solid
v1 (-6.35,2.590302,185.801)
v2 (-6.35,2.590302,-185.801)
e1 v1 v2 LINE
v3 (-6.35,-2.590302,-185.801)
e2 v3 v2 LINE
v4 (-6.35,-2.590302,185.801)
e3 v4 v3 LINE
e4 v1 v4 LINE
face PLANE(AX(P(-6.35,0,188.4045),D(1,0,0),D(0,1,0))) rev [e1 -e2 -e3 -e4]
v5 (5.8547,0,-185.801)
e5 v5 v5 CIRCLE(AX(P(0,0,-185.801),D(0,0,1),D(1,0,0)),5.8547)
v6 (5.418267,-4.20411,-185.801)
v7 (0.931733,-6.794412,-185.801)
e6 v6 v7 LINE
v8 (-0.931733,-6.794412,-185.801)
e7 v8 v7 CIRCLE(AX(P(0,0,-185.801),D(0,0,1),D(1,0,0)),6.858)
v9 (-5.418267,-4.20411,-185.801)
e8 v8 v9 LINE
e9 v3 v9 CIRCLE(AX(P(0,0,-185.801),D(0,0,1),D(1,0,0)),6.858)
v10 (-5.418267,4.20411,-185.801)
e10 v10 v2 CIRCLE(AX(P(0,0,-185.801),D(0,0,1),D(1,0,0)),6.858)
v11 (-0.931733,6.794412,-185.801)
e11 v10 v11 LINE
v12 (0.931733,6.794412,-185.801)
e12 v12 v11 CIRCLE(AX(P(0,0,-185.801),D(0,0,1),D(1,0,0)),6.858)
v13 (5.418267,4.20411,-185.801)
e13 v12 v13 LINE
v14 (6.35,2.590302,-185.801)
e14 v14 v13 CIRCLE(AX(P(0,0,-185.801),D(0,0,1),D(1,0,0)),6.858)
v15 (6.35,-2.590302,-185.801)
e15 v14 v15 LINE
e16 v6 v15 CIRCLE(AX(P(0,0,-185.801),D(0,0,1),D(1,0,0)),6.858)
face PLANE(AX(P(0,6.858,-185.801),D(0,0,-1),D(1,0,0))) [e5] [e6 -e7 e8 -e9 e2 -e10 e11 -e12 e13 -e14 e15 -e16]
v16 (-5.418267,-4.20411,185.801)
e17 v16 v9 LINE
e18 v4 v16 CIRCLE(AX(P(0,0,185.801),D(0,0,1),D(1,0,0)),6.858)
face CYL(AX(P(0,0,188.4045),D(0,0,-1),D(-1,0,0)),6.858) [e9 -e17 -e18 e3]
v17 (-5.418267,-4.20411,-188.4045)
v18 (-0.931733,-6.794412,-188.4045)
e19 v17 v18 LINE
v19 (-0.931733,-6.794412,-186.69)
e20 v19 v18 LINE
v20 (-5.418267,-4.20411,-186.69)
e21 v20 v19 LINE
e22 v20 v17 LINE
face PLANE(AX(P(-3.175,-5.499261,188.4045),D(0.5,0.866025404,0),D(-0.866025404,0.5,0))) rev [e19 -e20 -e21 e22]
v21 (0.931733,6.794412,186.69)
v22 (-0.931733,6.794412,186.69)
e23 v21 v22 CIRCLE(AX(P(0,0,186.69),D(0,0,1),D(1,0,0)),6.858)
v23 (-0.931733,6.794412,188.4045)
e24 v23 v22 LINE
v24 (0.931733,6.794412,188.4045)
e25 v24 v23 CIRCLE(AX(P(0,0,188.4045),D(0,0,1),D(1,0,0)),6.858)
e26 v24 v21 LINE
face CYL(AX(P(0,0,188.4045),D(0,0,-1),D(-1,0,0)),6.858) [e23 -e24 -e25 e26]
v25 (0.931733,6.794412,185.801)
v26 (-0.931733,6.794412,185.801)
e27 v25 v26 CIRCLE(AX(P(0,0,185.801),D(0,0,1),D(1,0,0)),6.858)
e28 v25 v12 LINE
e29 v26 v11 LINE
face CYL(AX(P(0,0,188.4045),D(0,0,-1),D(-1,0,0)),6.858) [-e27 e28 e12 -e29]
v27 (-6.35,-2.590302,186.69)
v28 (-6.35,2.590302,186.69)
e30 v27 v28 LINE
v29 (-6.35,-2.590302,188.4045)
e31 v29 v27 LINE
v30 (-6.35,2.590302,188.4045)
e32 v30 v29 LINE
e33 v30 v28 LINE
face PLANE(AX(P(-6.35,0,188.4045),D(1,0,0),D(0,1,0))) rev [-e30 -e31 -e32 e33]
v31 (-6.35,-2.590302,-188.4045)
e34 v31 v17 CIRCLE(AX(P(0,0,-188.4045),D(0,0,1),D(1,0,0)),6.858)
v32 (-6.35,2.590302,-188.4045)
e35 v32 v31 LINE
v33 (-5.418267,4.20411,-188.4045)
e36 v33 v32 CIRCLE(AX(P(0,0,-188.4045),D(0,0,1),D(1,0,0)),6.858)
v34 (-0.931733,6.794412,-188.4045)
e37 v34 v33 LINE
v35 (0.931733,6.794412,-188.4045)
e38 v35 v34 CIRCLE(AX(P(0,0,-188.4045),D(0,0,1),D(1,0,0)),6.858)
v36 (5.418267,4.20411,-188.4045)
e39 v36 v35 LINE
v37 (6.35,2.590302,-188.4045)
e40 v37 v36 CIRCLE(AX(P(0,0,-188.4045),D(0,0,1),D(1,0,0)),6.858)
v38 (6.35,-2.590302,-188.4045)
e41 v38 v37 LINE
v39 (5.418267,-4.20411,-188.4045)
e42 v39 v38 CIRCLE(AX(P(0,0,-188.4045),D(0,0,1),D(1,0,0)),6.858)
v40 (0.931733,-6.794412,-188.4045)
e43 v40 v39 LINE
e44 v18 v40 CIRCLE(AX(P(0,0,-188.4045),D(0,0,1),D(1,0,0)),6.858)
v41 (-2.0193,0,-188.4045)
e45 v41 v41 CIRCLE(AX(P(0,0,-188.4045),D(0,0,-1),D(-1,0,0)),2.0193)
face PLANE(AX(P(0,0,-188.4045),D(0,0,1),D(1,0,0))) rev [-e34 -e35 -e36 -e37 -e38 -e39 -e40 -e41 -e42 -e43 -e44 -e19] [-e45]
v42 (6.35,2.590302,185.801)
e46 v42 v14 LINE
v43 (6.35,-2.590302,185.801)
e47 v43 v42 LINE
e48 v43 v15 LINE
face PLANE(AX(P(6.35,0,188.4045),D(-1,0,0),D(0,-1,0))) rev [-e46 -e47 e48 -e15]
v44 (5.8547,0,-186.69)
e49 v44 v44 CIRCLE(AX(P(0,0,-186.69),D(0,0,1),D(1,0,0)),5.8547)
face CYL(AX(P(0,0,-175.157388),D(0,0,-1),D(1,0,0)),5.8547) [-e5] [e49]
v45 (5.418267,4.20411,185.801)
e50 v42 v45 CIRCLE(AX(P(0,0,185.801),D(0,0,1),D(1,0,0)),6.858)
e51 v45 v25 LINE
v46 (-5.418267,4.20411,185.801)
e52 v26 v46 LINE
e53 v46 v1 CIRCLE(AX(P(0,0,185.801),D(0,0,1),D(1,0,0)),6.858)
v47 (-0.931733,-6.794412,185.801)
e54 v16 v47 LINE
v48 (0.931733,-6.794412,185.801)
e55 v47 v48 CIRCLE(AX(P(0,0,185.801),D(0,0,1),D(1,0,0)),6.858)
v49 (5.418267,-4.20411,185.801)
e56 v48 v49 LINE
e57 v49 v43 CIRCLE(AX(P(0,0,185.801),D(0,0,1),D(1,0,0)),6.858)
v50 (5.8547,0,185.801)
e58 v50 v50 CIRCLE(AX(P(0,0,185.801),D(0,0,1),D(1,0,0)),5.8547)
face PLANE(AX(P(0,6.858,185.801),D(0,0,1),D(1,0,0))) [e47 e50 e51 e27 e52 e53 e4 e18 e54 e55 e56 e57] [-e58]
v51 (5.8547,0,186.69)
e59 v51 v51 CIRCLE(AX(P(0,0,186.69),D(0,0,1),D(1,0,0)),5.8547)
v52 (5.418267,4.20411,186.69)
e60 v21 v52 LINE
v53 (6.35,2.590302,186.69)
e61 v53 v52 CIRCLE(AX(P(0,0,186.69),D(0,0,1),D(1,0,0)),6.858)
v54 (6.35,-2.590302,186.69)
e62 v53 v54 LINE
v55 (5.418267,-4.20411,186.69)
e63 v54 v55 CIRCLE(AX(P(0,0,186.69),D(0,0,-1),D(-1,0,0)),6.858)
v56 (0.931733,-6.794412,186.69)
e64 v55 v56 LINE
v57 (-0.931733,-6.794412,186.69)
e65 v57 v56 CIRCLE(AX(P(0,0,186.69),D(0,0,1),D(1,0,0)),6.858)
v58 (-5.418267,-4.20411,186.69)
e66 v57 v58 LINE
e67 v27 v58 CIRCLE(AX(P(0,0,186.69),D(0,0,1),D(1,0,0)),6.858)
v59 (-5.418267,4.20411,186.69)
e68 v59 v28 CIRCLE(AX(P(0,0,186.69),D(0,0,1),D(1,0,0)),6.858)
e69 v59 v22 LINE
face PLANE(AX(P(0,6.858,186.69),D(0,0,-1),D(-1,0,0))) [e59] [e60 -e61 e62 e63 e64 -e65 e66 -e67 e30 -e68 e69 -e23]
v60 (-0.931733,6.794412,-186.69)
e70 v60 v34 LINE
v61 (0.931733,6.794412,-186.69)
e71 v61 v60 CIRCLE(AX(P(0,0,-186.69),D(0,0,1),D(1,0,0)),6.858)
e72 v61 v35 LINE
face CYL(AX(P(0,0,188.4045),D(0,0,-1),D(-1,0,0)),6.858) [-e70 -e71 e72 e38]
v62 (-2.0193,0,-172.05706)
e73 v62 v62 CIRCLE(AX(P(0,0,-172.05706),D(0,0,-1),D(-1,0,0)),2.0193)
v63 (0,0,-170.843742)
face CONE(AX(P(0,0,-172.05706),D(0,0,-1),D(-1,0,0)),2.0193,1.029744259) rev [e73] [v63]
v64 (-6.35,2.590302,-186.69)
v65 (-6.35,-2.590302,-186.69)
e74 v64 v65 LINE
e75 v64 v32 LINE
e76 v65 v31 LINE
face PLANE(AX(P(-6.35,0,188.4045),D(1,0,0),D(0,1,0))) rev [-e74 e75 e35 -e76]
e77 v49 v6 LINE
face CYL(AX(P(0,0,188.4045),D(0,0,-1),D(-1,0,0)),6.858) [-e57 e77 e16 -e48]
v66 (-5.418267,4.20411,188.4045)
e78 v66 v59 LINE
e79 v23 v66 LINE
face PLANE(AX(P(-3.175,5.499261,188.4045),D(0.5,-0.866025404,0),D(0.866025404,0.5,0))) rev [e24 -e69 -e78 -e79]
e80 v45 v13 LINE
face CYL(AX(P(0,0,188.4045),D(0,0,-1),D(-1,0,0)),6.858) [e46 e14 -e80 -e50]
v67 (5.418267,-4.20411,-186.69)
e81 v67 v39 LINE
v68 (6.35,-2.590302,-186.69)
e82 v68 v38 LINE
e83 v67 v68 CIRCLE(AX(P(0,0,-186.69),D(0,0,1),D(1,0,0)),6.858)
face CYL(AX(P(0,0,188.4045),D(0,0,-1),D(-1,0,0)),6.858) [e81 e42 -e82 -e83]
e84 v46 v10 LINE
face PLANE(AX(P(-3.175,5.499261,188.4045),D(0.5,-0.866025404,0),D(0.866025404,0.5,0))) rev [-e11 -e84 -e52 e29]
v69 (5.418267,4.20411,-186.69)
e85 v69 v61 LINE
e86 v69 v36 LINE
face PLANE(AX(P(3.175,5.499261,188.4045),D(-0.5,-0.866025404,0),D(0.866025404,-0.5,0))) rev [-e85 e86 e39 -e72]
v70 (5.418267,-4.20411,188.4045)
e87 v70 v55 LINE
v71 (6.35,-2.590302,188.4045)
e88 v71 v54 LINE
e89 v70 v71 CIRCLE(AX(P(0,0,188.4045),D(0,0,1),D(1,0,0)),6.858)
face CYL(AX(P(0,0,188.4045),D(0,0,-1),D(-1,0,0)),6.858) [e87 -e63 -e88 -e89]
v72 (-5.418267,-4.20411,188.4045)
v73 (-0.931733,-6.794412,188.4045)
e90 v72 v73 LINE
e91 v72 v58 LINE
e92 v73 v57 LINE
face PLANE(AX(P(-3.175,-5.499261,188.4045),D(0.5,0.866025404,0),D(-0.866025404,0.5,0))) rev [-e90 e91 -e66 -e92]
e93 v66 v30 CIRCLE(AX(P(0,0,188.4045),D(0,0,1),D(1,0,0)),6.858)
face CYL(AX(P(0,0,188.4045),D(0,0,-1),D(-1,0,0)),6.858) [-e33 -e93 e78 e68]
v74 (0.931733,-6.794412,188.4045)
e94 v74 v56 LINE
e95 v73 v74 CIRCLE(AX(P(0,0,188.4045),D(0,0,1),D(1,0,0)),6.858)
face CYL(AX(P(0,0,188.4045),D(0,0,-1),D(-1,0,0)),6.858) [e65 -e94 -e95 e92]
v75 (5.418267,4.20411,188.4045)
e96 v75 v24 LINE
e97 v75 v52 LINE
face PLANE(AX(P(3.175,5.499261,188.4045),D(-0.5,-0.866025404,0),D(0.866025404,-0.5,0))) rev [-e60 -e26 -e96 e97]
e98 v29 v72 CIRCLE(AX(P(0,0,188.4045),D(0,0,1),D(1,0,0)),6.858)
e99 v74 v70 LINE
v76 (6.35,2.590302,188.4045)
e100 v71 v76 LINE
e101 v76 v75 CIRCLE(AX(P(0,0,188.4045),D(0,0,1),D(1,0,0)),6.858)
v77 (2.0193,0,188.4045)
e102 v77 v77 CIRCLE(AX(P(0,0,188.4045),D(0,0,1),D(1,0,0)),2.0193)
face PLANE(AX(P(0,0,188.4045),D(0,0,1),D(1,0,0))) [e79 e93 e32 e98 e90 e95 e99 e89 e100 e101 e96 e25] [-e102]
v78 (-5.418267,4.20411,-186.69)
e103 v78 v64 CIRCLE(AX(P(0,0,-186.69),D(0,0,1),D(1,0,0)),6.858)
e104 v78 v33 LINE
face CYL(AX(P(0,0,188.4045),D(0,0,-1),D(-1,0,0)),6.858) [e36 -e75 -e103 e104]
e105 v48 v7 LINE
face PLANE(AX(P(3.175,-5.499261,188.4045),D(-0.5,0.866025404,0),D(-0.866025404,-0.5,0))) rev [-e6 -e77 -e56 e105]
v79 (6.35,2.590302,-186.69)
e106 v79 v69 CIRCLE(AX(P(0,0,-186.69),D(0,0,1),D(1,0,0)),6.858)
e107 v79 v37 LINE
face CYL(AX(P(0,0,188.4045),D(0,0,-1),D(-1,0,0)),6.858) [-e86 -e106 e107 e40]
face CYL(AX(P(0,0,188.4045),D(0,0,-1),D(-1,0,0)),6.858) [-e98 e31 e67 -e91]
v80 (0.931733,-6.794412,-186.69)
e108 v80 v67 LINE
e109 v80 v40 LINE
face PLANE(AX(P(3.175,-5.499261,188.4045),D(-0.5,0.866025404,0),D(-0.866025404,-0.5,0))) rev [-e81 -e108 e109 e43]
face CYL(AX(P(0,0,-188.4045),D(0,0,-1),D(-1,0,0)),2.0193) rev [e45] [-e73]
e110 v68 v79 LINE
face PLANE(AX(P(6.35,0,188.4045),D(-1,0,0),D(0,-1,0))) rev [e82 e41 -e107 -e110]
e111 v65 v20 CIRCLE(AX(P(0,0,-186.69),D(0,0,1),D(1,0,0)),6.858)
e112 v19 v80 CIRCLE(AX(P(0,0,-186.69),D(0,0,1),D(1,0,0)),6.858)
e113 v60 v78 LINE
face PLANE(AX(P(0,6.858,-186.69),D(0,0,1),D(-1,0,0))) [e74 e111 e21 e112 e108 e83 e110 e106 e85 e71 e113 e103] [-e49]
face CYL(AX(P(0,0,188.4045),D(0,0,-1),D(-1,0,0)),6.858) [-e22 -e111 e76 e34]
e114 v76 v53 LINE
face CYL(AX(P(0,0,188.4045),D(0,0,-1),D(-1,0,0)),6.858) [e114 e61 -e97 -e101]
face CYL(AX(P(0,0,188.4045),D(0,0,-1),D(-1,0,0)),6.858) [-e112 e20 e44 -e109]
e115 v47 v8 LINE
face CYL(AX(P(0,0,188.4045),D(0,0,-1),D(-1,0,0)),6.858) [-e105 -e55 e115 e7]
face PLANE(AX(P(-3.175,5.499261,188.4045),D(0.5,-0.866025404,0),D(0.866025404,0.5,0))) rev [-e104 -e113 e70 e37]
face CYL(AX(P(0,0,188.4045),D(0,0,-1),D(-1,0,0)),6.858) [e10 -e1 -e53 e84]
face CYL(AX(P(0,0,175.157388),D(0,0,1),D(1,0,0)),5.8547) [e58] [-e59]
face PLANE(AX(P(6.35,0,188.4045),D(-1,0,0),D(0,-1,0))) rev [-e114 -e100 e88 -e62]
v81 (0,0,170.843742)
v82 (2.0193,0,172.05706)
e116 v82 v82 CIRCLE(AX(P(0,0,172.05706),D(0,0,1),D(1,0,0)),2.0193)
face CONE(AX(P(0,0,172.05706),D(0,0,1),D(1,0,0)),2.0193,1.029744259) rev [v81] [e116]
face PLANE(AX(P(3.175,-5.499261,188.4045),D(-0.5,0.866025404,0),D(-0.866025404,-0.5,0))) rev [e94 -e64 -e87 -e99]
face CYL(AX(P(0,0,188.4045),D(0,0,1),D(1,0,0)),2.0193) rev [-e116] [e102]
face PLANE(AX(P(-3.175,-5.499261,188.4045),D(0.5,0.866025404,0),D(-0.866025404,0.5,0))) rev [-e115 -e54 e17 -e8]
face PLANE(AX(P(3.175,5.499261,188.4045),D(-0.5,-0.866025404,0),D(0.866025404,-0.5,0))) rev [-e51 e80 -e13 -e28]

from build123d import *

# Parameters (mm, degrees)
BOSS_EXTRUDE1_DEPTH                  = 188.4045
F_10_32_TAPPED_HOLE1_D               = 4.0386
F_10_32_TAPPED_HOLE1_DEPTH           = 16.34744
F_10_32_TAPPED_HOLE1_TIP             = 1.213317848
F_10_32_TAPPED_HOLE1_ON_FACE_2_D     = 4.0386
F_10_32_TAPPED_HOLE1_ON_FACE_2_DEPTH = 16.34744
F_10_32_TAPPED_HOLE1_ON_FACE_2_TIP   = 1.213317848
SKETCH3_W                            = 0.889
SKETCH3_H                            = 1.0033


with BuildPart() as part:
    # Sketch1 → Boss-Extrude1 (new, symmetric)
    with BuildSketch(Plane.XY):
        with BuildLine():
            ThreePointArc((0.93173274, 6.79441227), (0, 6.858), (-0.93173274, 6.79441227))
            Line((-0.93173274, 6.79441227), (-5.41826726, 4.204110358))
            ThreePointArc((-5.41826726, 4.204110358), (-5.939202219, 3.429), (-6.35, 2.590301913))
            Line((-6.35, 2.590301913), (-6.35, -2.590301913))
            ThreePointArc((-6.35, -2.590301913), (-5.939202219, -3.429), (-5.41826726, -4.204110358))
            Line((-5.41826726, -4.204110358), (-0.93173274, -6.79441227))
            ThreePointArc((-0.93173274, -6.79441227), (0, -6.858), (0.93173274, -6.79441227))
            Line((0.93173274, -6.79441227), (5.41826726, -4.204110358))
            ThreePointArc((5.41826726, -4.204110358), (5.939202219, -3.429), (6.35, -2.590301913))
            Line((6.35, -2.590301913), (6.35, 2.590301913))
            ThreePointArc((6.35, 2.590301913), (5.939202219, 3.429), (5.41826726, 4.204110358))
            Line((5.41826726, 4.204110358), (0.93173274, 6.79441227))
        make_face()
    extrude(amount=BOSS_EXTRUDE1_DEPTH, both=True)

    # #10-32 Tapped Hole1
    with Locations(Plane.XY.offset(188.4045)):
        with Locations((0, 0)):
            Hole(F_10_32_TAPPED_HOLE1_D / 2, depth=F_10_32_TAPPED_HOLE1_DEPTH)
            with Locations((0, 0, -(F_10_32_TAPPED_HOLE1_DEPTH + F_10_32_TAPPED_HOLE1_TIP / 2))):  # 118° drill point
                Cone(0, F_10_32_TAPPED_HOLE1_D / 2, F_10_32_TAPPED_HOLE1_TIP, mode=Mode.SUBTRACT)

    # #10-32 Tapped Hole1 on face 2
    with Locations(Plane(origin=(0, 0, -188.4045), x_dir=(-1, 0, 0), z_dir=(0, 0, -1))):
        with Locations((0, 0)):
            Hole(F_10_32_TAPPED_HOLE1_ON_FACE_2_D / 2, depth=F_10_32_TAPPED_HOLE1_ON_FACE_2_DEPTH)
            with Locations((0, 0, -(F_10_32_TAPPED_HOLE1_ON_FACE_2_DEPTH + F_10_32_TAPPED_HOLE1_ON_FACE_2_TIP / 2))):  # 118° drill point
                Cone(0, F_10_32_TAPPED_HOLE1_ON_FACE_2_D / 2, F_10_32_TAPPED_HOLE1_ON_FACE_2_TIP, mode=Mode.SUBTRACT)

    # Sketch3 → Cut-Revolve1 (revolve, cut)
    with BuildSketch(Plane(origin=(0, 0, 0), x_dir=(0, 0, -1), z_dir=(1, 0, 0)), mode=Mode.PRIVATE) as cut_revolve1_sk:
        with Locations((-186.2455, 6.35635)):
            Rectangle(SKETCH3_W, SKETCH3_H)
    cut_revolve1 = revolve(cut_revolve1_sk.sketch.rotate(Axis((0, 0, 175.157387885), (0, 0, -1)), 90), axis=Axis((0, 0, 175.157387885), (0, 0, -1)), mode=Mode.SUBTRACT)

    # Mirror1: Cut-Revolve1 across plane
    add(cut_revolve1.mirror(Plane.XY), mode=Mode.SUBTRACT)


solid = part.part
